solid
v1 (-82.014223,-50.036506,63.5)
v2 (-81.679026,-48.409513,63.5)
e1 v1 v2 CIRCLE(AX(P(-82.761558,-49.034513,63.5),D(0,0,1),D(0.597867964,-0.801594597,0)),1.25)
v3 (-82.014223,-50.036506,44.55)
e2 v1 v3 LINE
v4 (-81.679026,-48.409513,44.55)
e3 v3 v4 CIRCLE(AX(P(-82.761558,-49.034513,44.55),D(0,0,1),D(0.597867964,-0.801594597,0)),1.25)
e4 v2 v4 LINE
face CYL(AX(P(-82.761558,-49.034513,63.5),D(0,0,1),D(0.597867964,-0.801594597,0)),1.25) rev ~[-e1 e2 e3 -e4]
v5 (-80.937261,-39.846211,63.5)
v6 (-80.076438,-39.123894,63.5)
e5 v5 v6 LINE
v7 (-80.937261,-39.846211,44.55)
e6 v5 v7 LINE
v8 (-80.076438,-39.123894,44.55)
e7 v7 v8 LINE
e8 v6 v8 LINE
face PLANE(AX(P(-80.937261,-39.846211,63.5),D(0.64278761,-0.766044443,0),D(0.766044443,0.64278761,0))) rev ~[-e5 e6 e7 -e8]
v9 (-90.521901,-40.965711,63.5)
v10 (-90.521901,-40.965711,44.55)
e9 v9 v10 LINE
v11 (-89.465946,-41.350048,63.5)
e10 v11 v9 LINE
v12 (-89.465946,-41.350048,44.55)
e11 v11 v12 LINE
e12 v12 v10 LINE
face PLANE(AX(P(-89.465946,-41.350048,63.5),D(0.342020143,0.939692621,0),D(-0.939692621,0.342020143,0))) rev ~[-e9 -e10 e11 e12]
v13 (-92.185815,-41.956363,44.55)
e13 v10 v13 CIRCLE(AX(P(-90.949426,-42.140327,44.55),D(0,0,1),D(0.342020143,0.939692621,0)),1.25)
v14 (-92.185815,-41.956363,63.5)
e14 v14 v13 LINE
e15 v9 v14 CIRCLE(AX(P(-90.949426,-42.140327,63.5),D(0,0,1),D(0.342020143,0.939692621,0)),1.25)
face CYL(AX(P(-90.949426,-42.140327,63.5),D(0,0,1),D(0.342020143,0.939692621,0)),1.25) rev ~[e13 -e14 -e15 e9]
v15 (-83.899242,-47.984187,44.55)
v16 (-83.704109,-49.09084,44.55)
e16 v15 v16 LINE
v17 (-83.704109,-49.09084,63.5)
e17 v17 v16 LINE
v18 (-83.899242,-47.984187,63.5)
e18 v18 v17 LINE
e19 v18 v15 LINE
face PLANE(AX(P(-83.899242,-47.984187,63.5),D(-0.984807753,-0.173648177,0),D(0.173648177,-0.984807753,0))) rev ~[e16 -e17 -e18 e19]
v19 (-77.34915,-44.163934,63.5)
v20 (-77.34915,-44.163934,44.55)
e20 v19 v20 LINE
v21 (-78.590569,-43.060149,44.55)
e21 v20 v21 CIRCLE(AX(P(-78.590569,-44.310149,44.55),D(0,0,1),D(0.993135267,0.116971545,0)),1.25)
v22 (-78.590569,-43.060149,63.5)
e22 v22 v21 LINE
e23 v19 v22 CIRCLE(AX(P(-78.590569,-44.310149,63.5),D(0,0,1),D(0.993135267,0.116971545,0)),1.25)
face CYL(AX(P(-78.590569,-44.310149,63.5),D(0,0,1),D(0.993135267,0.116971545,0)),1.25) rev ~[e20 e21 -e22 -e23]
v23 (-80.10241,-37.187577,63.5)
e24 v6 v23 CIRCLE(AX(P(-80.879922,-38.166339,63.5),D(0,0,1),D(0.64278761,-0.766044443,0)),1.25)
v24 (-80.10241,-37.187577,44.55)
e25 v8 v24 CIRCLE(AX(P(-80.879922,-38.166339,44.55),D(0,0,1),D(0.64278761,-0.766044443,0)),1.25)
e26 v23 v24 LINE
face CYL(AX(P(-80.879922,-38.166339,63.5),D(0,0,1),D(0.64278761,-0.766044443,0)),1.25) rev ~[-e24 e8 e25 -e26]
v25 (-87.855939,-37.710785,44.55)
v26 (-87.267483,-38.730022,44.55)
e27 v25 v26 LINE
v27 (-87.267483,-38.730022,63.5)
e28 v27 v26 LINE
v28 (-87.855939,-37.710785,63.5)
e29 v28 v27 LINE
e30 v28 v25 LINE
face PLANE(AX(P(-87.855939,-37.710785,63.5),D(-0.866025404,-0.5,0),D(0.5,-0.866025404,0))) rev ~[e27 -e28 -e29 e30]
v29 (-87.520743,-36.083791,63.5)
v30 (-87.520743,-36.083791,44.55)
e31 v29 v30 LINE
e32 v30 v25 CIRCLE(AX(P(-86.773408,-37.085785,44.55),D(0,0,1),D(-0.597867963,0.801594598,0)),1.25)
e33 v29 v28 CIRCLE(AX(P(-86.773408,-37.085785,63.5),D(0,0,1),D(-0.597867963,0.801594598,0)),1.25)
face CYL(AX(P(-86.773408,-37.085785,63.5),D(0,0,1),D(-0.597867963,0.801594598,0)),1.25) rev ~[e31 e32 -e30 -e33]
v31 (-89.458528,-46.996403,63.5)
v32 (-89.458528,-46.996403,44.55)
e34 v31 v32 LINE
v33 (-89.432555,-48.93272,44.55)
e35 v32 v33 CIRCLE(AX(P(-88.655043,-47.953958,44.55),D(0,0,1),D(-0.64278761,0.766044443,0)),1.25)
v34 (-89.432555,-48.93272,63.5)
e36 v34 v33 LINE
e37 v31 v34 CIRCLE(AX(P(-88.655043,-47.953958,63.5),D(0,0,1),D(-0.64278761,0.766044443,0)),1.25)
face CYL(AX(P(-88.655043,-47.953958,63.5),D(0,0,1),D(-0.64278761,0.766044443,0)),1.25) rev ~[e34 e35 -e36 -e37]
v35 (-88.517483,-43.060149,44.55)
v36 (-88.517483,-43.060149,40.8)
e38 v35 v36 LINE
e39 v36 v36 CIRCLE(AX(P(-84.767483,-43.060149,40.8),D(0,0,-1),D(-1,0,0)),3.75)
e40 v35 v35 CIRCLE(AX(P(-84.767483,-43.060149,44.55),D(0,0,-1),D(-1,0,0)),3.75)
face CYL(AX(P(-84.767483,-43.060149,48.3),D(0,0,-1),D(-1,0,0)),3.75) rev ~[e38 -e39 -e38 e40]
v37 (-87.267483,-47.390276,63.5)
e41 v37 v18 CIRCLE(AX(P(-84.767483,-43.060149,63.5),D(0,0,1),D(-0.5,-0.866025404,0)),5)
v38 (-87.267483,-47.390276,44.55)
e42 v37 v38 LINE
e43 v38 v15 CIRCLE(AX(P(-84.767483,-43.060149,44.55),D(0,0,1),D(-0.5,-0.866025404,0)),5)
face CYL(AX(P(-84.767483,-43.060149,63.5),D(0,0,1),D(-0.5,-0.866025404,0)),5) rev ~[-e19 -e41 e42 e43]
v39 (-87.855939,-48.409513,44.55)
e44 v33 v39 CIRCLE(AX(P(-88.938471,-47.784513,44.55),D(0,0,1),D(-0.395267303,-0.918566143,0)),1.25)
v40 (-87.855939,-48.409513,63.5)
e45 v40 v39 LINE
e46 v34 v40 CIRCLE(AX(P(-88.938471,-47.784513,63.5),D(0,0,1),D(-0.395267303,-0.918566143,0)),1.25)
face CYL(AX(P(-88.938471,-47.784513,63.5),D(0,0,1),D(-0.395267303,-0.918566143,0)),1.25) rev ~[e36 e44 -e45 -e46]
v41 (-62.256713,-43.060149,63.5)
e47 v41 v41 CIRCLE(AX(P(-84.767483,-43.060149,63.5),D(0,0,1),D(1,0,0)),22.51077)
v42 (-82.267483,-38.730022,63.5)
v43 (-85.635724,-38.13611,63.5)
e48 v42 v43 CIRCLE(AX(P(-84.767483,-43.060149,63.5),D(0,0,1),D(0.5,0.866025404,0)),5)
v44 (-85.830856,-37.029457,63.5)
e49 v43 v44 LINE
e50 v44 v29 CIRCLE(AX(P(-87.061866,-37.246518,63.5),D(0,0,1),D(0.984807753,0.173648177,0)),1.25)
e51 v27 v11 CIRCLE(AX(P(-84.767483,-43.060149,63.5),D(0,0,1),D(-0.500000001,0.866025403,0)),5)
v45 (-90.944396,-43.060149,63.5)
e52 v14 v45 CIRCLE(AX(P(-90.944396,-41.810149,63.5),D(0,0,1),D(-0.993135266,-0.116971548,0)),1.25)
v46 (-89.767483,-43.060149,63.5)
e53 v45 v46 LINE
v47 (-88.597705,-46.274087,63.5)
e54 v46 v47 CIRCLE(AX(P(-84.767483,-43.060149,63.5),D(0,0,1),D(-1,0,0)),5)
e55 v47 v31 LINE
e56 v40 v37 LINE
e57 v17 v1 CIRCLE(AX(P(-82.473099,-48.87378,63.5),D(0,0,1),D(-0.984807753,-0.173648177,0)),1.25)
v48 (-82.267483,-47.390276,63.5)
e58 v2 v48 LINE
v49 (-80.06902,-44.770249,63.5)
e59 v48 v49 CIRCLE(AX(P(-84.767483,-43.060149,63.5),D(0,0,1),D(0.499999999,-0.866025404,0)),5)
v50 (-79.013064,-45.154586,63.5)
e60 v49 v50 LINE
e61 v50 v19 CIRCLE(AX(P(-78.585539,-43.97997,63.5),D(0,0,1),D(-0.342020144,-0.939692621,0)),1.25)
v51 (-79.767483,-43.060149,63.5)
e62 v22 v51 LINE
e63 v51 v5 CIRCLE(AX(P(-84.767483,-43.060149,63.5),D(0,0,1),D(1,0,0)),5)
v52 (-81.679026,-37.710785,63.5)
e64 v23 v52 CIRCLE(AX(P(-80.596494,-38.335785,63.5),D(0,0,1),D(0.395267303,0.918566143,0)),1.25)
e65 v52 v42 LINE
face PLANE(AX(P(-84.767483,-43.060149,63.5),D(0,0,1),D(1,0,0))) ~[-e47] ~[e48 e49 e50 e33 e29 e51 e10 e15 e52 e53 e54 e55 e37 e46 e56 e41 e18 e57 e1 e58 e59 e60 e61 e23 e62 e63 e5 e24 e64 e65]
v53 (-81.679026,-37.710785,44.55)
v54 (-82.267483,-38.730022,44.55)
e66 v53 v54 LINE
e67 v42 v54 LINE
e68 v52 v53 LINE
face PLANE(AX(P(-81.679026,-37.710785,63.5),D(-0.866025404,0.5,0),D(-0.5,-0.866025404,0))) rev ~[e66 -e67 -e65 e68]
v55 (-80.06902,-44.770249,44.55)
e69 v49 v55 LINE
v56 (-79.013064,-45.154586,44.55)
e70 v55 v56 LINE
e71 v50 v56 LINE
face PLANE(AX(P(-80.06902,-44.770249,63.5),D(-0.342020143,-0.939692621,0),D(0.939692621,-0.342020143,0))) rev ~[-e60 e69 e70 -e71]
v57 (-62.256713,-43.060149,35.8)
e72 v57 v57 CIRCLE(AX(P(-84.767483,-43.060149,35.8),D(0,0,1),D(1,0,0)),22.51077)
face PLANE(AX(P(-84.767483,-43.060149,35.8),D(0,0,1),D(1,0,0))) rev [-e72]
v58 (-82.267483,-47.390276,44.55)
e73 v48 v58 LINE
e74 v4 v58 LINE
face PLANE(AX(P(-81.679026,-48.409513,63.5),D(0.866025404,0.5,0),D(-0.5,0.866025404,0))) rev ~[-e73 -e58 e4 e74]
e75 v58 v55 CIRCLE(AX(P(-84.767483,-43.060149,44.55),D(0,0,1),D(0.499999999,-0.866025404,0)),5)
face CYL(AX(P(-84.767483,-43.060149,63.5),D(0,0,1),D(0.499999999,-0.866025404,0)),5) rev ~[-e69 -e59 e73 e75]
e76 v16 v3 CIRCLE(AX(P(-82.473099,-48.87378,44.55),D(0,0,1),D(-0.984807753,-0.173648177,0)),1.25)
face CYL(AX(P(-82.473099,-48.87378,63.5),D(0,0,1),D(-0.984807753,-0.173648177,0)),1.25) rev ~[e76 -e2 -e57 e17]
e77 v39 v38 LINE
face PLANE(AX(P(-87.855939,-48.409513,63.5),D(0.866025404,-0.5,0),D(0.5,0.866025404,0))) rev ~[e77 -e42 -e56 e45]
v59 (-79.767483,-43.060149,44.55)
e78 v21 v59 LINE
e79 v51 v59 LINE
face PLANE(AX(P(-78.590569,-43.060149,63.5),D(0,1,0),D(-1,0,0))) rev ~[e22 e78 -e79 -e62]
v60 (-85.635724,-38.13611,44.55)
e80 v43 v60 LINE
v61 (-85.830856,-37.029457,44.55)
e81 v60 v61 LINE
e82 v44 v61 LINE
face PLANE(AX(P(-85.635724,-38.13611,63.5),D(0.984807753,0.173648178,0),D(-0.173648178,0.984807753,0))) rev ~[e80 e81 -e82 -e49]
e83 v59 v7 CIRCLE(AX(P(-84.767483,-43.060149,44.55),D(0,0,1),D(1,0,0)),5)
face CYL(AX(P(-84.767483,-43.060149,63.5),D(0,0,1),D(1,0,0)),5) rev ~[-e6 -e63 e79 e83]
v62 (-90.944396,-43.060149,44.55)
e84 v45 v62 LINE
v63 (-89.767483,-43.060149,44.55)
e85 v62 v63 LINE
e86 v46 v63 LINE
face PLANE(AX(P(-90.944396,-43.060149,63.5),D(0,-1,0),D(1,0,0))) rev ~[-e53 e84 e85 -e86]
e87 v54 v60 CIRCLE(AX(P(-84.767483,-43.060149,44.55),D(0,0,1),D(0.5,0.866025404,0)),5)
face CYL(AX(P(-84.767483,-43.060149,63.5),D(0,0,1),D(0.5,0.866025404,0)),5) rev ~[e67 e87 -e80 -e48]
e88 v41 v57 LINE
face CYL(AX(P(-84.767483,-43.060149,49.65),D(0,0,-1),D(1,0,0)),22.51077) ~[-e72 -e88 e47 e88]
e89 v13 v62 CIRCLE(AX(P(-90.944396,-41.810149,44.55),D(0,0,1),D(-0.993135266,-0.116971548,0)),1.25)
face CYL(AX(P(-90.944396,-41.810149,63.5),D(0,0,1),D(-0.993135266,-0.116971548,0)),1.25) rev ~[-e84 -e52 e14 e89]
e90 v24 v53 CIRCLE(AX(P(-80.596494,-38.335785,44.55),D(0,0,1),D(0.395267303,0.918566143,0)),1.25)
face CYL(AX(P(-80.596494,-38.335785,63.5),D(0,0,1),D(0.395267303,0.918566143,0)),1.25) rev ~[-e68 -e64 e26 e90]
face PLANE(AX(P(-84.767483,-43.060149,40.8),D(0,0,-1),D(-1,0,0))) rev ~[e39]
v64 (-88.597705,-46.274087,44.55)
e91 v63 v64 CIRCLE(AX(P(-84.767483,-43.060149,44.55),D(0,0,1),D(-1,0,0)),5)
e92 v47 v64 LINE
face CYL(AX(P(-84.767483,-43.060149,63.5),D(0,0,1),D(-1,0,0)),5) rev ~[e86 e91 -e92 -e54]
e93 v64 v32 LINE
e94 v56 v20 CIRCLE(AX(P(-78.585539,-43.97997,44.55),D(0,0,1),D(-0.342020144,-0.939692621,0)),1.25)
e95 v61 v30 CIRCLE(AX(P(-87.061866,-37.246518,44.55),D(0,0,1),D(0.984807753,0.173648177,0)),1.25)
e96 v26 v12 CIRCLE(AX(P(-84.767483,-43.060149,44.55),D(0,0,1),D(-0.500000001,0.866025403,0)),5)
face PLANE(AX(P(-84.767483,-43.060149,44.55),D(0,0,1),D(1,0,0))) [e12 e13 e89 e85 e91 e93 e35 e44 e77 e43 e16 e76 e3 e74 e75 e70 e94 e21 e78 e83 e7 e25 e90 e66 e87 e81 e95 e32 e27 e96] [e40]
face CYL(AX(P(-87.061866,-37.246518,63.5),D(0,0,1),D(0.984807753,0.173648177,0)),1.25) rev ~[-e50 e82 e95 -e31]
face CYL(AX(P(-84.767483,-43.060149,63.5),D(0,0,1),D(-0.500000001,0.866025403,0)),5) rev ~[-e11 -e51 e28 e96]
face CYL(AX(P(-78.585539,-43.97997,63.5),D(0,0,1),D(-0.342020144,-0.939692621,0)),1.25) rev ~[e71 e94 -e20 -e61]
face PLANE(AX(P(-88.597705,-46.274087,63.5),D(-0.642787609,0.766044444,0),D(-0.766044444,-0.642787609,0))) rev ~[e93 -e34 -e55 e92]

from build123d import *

# Parameters (mm, degrees)
SKETCH1_W                      = 22.51077
SKETCH1_H                      = 27.7
CUT_EXTRUDE1_DEPTH             = 18.95
F_7_5_7_5_DIAMETER_HOLE1_D     = 7.5
F_7_5_7_5_DIAMETER_HOLE1_DEPTH = 3.75


with BuildPart() as part:
    # Sketch1 → Revolve1 (revolve)
    with BuildSketch(Plane(origin=(0, -43.060148556, 0), x_dir=(1, 0, 0), z_dir=(0, 1, 0))):
        with Locations((-73.512097724, -49.65)):
            Rectangle(SKETCH1_W, SKETCH1_H)
    revolve(axis=Axis((-84.767482724, -43.060148556, 35.8), (0, 0, 1)))

    # Sketch2 → Cut-Extrude1 (cut)
    with BuildSketch(Plane.XY.offset(63.5)):
        with BuildLine():
            Line((-85.635723612, -38.136109791), (-85.830856299, -37.029457332))
            ThreePointArc((-85.830856299, -37.029457332), (-86.451441226, -36.155700609), (-87.520742643, -36.083791354))
            ThreePointArc((-87.520742643, -36.083791354), (-87.997695155, -36.833554149), (-87.855939444, -37.7107846))
            Line((-87.855939444, -37.7107846), (-87.267482724, -38.730021537))
            ThreePointArc((-87.267482724, -38.730021537), (-88.597704939, -39.846210508), (-89.465945828, -41.350047839))
            Line((-89.465945828, -41.350047839), (-90.521901314, -40.965711474))
            ThreePointArc((-90.521901314, -40.965711474), (-91.588889296, -41.066275425), (-92.185815247, -41.956362989))
            ThreePointArc((-92.185815247, -41.956362989), (-91.774977875, -42.744297377), (-90.944396164, -43.060148556))
            Line((-90.944396164, -43.060148556), (-89.767482724, -43.060148556))
            ThreePointArc((-89.767482724, -43.060148556), (-89.465945828, -44.770249273), (-88.597704939, -46.274086605))
            Line((-88.597704939, -46.274086605), (-89.458527739, -46.996402698))
            ThreePointArc((-89.458527739, -46.996402698), (-89.904930794, -47.970723371), (-89.432555327, -48.932720191))
            ThreePointArc((-89.432555327, -48.932720191), (-88.544765444, -48.970891785), (-87.855939444, -48.409512512))
            Line((-87.855939444, -48.409512512), (-87.267482724, -47.390275575))
            ThreePointArc((-87.267482724, -47.390275575), (-85.635723612, -47.984187321), (-83.899241835, -47.984187321))
            Line((-83.899241835, -47.984187321), (-83.704109149, -49.09083978))
            ThreePointArc((-83.704109149, -49.09083978), (-83.083524222, -49.964596503), (-82.014222804, -50.036505758))
            ThreePointArc((-82.014222804, -50.036505758), (-81.537270293, -49.286742964), (-81.679026004, -48.409512512))
            Line((-81.679026004, -48.409512512), (-82.267482724, -47.390275575))
            ThreePointArc((-82.267482724, -47.390275575), (-80.937260508, -46.274086605), (-80.06901962, -44.770249273))
            Line((-80.06901962, -44.770249273), (-79.013064134, -45.154585638))
            ThreePointArc((-79.013064134, -45.154585638), (-77.946076152, -45.054021688), (-77.349150201, -44.163934124))
            ThreePointArc((-77.349150201, -44.163934124), (-77.759987572, -43.375999735), (-78.590569284, -43.060148556))
            Line((-78.590569284, -43.060148556), (-79.767482724, -43.060148556))
            ThreePointArc((-79.767482724, -43.060148556), (-80.06901962, -41.350047839), (-80.937260508, -39.846210508))
            Line((-80.937260508, -39.846210508), (-80.076437709, -39.123894414))
            ThreePointArc((-80.076437709, -39.123894414), (-79.630034654, -38.149573741), (-80.10241012, -37.187576921))
            ThreePointArc((-80.10241012, -37.187576921), (-80.990200003, -37.149405327), (-81.679026004, -37.7107846))
            Line((-81.679026004, -37.7107846), (-82.267482724, -38.730021537))
            ThreePointArc((-82.267482724, -38.730021537), (-83.899241835, -38.136109791), (-85.635723612, -38.136109791))
        make_face()
    extrude(amount=-CUT_EXTRUDE1_DEPTH, mode=Mode.SUBTRACT)

    # Ø7.5 (7.5) Diameter Hole1
    with Locations(Plane.XY.offset(44.55)):
        with Locations((-84.767482724, -43.060148556)):
            Hole(F_7_5_7_5_DIAMETER_HOLE1_D / 2, depth=F_7_5_7_5_DIAMETER_HOLE1_DEPTH)


solid = part.part
